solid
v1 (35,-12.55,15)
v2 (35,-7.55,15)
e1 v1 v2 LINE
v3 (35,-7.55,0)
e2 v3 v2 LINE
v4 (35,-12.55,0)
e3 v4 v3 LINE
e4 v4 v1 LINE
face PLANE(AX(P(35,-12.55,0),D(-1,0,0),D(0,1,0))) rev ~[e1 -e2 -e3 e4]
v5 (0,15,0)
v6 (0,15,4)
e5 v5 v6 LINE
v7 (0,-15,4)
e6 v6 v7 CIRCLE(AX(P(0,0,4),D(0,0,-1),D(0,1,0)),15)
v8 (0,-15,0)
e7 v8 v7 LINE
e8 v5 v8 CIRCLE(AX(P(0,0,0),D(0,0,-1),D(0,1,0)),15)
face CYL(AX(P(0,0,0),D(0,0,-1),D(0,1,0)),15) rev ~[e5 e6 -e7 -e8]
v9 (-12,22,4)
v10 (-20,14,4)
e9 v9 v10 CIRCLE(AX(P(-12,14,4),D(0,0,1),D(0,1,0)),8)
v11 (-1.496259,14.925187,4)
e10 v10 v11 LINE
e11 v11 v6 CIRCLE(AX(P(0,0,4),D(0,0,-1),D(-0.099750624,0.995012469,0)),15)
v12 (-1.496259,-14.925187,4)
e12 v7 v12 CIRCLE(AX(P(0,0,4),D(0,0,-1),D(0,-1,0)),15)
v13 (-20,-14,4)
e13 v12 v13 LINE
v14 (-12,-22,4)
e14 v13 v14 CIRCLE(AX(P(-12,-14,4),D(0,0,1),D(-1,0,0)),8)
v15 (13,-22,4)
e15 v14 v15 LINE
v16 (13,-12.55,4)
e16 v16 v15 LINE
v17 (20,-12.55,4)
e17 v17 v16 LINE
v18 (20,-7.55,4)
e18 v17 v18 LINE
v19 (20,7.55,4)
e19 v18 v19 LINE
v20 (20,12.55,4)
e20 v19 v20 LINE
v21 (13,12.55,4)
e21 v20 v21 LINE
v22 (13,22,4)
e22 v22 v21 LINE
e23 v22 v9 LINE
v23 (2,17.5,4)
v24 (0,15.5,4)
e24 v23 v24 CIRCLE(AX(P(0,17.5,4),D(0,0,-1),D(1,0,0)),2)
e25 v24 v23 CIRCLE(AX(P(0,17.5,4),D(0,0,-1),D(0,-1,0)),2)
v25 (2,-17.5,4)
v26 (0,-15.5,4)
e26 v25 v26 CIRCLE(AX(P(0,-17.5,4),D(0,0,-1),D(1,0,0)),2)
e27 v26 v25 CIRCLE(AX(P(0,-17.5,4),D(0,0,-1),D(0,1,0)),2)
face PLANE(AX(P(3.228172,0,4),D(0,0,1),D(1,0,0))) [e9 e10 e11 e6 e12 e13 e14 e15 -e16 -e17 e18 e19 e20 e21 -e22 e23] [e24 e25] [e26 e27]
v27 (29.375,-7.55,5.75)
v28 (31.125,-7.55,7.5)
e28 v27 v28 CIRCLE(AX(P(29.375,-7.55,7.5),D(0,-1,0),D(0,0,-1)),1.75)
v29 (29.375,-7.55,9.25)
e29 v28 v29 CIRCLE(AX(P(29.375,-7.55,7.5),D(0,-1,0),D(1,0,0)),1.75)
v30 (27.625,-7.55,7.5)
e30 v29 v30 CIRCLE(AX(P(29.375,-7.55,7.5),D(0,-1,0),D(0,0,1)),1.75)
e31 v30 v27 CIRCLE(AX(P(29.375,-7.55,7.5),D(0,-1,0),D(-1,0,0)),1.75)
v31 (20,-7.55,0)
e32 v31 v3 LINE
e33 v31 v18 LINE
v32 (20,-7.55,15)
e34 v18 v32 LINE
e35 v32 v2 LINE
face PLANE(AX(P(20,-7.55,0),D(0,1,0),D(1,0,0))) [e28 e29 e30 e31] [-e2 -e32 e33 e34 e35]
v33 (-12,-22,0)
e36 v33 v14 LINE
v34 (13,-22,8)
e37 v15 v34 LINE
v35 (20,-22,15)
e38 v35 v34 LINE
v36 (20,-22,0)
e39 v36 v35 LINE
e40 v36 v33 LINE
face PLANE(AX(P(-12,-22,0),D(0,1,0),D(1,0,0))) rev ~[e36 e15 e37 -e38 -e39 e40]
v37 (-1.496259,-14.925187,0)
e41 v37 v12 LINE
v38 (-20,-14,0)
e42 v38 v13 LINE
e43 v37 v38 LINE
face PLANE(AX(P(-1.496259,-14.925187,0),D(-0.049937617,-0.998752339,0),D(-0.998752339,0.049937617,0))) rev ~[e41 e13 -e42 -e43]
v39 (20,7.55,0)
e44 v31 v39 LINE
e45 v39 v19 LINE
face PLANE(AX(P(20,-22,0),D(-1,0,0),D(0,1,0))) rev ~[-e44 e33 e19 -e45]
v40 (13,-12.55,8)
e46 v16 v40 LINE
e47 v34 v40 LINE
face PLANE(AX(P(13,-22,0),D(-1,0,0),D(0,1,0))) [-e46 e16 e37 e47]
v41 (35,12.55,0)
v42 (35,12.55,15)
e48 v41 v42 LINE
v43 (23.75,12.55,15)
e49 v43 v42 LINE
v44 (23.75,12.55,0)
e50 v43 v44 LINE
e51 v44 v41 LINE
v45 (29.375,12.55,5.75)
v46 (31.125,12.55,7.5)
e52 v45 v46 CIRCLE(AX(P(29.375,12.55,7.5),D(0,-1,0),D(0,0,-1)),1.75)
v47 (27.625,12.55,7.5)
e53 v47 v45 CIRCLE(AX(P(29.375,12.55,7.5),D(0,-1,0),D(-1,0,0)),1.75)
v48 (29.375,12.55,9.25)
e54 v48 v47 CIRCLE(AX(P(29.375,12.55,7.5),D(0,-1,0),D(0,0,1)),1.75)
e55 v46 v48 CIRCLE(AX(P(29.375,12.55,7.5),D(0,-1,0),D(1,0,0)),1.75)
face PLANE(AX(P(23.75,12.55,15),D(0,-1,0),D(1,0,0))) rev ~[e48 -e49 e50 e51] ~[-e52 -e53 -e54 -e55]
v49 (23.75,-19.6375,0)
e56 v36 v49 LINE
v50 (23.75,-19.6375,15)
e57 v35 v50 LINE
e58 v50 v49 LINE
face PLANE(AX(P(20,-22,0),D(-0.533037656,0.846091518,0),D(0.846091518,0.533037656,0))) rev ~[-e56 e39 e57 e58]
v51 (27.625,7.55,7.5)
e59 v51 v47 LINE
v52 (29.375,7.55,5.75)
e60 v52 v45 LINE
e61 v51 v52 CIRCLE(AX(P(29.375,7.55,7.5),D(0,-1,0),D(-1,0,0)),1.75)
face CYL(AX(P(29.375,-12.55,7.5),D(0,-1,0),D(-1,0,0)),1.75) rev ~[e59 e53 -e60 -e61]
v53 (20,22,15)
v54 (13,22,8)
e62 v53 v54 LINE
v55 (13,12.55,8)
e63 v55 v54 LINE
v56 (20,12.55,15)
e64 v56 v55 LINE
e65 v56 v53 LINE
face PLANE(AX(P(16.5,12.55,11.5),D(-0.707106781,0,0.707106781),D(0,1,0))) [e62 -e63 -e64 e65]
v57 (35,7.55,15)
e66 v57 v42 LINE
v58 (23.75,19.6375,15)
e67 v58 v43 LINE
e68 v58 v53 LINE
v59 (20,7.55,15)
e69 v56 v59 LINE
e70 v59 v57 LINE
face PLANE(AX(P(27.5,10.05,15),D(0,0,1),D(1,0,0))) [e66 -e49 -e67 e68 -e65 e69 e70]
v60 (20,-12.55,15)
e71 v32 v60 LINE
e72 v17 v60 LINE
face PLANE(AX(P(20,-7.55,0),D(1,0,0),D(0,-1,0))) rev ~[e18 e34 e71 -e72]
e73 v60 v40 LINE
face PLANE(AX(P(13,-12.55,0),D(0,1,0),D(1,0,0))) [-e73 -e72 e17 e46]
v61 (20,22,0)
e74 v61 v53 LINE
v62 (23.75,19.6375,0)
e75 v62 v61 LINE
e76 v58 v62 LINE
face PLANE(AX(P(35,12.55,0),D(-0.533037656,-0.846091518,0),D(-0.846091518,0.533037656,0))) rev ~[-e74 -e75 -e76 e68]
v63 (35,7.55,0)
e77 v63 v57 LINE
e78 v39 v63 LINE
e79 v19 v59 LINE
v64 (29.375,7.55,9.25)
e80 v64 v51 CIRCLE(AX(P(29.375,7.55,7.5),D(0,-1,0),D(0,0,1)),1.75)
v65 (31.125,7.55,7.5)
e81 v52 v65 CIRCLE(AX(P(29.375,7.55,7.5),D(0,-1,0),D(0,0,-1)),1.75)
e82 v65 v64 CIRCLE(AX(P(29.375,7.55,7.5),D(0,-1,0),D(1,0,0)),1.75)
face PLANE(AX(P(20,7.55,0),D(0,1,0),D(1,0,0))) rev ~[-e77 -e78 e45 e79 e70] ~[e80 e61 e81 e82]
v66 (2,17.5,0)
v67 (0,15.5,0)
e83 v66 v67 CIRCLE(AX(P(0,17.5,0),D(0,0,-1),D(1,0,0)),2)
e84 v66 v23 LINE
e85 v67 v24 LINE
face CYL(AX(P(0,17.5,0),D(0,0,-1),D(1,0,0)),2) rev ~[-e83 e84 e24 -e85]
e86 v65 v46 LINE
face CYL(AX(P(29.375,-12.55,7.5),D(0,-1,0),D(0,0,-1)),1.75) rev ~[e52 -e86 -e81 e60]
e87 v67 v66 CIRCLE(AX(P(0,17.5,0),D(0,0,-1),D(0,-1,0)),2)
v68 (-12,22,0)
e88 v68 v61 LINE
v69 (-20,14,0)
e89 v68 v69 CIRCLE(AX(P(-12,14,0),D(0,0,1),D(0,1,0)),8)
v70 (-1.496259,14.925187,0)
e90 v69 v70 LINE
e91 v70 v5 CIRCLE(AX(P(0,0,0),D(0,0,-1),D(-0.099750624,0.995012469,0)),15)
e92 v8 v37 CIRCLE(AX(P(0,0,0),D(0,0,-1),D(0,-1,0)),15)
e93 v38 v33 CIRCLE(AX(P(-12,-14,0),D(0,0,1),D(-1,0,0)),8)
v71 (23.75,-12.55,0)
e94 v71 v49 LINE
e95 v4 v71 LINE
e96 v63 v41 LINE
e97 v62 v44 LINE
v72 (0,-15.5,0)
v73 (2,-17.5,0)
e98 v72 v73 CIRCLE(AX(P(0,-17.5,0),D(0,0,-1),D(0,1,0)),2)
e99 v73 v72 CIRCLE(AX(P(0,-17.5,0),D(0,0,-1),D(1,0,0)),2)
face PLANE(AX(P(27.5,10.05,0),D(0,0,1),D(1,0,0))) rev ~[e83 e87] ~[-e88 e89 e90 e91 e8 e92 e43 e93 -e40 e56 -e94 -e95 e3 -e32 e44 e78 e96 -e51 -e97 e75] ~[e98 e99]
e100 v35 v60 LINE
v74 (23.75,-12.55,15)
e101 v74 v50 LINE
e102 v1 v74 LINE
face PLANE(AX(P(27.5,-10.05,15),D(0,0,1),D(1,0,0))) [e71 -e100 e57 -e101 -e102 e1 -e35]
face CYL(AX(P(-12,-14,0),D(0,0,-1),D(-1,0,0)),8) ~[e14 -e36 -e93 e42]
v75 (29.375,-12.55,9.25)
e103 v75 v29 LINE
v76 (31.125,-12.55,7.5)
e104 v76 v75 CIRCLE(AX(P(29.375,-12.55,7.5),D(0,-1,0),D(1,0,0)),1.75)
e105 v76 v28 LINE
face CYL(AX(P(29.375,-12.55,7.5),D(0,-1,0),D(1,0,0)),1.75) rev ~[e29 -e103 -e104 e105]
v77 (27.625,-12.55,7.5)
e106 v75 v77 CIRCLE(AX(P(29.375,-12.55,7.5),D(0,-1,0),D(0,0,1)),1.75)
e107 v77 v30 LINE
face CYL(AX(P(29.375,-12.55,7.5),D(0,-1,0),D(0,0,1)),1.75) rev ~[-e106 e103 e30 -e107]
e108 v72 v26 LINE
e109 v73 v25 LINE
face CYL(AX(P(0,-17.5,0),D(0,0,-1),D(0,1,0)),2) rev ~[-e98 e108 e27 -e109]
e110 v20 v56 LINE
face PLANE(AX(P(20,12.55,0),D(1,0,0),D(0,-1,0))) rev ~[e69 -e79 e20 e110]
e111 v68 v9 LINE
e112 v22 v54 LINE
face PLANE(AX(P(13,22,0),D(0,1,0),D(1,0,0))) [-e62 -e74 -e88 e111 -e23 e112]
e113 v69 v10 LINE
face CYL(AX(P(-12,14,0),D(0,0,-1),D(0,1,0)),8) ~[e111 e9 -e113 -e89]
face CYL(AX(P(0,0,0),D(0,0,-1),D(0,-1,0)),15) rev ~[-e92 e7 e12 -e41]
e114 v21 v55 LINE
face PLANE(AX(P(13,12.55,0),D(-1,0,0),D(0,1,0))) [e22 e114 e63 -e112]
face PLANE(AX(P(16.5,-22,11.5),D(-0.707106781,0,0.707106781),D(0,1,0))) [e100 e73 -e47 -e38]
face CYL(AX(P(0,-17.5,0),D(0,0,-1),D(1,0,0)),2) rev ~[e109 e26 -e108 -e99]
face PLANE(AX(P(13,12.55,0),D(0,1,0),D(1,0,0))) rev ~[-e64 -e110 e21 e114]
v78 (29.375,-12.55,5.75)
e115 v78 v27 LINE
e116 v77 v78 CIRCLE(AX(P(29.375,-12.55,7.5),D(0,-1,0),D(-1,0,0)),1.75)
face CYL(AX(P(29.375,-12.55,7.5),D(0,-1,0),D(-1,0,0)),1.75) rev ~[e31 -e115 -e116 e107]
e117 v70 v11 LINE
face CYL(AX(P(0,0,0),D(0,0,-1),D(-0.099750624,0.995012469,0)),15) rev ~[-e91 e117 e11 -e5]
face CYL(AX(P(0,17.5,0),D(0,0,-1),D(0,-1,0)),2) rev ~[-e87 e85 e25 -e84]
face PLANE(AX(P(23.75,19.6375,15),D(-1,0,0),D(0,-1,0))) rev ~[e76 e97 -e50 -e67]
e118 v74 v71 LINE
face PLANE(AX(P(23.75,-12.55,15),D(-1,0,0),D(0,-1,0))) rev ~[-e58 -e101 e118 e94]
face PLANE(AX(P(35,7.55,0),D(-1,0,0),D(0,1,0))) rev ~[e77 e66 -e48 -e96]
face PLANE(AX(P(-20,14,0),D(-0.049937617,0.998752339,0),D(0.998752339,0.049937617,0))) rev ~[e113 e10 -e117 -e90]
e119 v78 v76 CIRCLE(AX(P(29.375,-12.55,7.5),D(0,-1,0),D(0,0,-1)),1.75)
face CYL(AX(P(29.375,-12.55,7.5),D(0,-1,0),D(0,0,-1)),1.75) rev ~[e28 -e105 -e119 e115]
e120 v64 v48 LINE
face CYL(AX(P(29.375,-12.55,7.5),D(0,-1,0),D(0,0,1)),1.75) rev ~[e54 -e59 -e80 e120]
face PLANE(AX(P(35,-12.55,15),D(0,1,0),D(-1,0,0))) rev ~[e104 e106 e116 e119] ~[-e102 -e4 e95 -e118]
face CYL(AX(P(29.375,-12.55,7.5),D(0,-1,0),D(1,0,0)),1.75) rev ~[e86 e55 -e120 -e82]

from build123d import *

# Parameters (mm, degrees)
F1_DEPTH  = 4
F2_W      = 15
F2_H      = 5
F2_W_2    = 7
F2_H_2    = 9.45
F3_DEPTH  = 15
F4_SIZE   = 7
F6_DEPTH  = 25
F8_DEPTH  = 25
F10_DEPTH = 50


with BuildPart() as f1:
    # F0 (on Top) → F1 (new body)
    with BuildSketch(Plane.XY):
        with BuildLine():
            Line((20, -22), (20, 22))
            Line((20, 22), (-12, 22))
            ThreePointArc((-12, 22), (-17.6568542495, 19.6568542495), (-20, 14))
            Line((-20, 14), (-1.4962593516, 14.9251870324))
            ThreePointArc((-1.4962593516, 14.9251870324), (-0.7490642542, 14.9812850832), (0, 15))
            ThreePointArc((0, 15), (10.6066017178, 10.6066017178), (15, 0))
            ThreePointArc((15, 0), (10.6066017178, -10.6066017178), (0, -15))
            ThreePointArc((0, -15), (-0.7490642542, -14.9812850832), (-1.4962593516, -14.9251870324))
            Line((-1.4962593516, -14.9251870324), (-20, -14))
            ThreePointArc((-20, -14), (-17.6568542495, -19.6568542495), (-12, -22))
            Line((-12, -22), (20, -22))
        make_face()
        with BuildLine():
            ThreePointArc((2, -17.5), (-1.4142135624, -18.9142135624), (0, -15.5))
            ThreePointArc((0, -15.5), (1.4142135624, -16.0857864376), (2, -17.5))
        make_face(mode=Mode.SUBTRACT)
        with BuildLine():
            ThreePointArc((2, 17.5), (1.4142135624, 16.0857864376), (0, 15.5))
            ThreePointArc((0, 15.5), (-1.4142135624, 18.9142135624), (2, 17.5))
        make_face(mode=Mode.SUBTRACT)
    extrude(amount=F1_DEPTH)

    # F2 (on Top) → F3 (join)
    with BuildSketch(Plane.XY):
        with Locations((27.5, 10.05)):
            Rectangle(F2_W, F2_H)
        with Locations((27.5, -10.05)):
            Rectangle(F2_W, F2_H)
        Polygon((20, 22), (20, 12.55), (35, 12.55), align=None)
        with Locations((16.5, 17.275)):
            Rectangle(F2_W_2, F2_H_2)
        Polygon((35, -12.55), (20, -12.55), (20, -22), align=None)
        with Locations((16.5, -17.275)):
            Rectangle(F2_W_2, F2_H_2)
    extrude(amount=F3_DEPTH)

    # F4
    f4_edges = [f1.edges().sort_by_distance(p)[0] for p in [
        (13, 17.275, 15),
        (13, -17.275, 15),
    ]]
    chamfer(f4_edges, length=F4_SIZE)

    # F5 (on face) → F6 (cut)
    with BuildSketch(Plane.XY.offset(15)):
        Polygon((27.5, 12.55), (35, 12.55), (23.75, 19.6375), (23.75, 12.55), align=None)
    extrude(amount=-F6_DEPTH, mode=Mode.SUBTRACT)

    # F7 (on face) → F8 (cut)
    with BuildSketch(Plane.XY.offset(15)):
        Polygon((23.75, -19.6375), (35, -12.55), (27.5, -12.55), (23.75, -12.55), align=None)
    extrude(amount=-F8_DEPTH, mode=Mode.SUBTRACT)

    # F9 (on face) → F10 (cut)
    with BuildSketch(Plane.XZ.offset(12.55)):
        with BuildLine():
            Line((31.125, 7.5), (29.375, 7.5))
            Line((29.375, 7.5), (29.375, 5.75))
            ThreePointArc((29.375, 5.75), (30.6124368671, 6.2625631329), (31.125, 7.5))
        make_face()
        with BuildLine():
            ThreePointArc((31.125, 7.5), (30.6124368671, 8.7374368671), (29.375, 9.25))
            Line((29.375, 9.25), (29.375, 7.5))
            Line((29.375, 7.5), (31.125, 7.5))
        make_face()
        with BuildLine():
            Line((29.375, 7.5), (29.375, 9.25))
            ThreePointArc((29.375, 9.25), (28.1375631329, 8.7374368671), (27.625, 7.5))
            Line((27.625, 7.5), (29.375, 7.5))
        make_face()
        with BuildLine():
            Line((29.375, 5.75), (29.375, 7.5))
            Line((29.375, 7.5), (27.625, 7.5))
            ThreePointArc((27.625, 7.5), (28.1375631329, 6.2625631329), (29.375, 5.75))
        make_face()
    extrude(amount=-F10_DEPTH, mode=Mode.SUBTRACT)


solid = f1.part
